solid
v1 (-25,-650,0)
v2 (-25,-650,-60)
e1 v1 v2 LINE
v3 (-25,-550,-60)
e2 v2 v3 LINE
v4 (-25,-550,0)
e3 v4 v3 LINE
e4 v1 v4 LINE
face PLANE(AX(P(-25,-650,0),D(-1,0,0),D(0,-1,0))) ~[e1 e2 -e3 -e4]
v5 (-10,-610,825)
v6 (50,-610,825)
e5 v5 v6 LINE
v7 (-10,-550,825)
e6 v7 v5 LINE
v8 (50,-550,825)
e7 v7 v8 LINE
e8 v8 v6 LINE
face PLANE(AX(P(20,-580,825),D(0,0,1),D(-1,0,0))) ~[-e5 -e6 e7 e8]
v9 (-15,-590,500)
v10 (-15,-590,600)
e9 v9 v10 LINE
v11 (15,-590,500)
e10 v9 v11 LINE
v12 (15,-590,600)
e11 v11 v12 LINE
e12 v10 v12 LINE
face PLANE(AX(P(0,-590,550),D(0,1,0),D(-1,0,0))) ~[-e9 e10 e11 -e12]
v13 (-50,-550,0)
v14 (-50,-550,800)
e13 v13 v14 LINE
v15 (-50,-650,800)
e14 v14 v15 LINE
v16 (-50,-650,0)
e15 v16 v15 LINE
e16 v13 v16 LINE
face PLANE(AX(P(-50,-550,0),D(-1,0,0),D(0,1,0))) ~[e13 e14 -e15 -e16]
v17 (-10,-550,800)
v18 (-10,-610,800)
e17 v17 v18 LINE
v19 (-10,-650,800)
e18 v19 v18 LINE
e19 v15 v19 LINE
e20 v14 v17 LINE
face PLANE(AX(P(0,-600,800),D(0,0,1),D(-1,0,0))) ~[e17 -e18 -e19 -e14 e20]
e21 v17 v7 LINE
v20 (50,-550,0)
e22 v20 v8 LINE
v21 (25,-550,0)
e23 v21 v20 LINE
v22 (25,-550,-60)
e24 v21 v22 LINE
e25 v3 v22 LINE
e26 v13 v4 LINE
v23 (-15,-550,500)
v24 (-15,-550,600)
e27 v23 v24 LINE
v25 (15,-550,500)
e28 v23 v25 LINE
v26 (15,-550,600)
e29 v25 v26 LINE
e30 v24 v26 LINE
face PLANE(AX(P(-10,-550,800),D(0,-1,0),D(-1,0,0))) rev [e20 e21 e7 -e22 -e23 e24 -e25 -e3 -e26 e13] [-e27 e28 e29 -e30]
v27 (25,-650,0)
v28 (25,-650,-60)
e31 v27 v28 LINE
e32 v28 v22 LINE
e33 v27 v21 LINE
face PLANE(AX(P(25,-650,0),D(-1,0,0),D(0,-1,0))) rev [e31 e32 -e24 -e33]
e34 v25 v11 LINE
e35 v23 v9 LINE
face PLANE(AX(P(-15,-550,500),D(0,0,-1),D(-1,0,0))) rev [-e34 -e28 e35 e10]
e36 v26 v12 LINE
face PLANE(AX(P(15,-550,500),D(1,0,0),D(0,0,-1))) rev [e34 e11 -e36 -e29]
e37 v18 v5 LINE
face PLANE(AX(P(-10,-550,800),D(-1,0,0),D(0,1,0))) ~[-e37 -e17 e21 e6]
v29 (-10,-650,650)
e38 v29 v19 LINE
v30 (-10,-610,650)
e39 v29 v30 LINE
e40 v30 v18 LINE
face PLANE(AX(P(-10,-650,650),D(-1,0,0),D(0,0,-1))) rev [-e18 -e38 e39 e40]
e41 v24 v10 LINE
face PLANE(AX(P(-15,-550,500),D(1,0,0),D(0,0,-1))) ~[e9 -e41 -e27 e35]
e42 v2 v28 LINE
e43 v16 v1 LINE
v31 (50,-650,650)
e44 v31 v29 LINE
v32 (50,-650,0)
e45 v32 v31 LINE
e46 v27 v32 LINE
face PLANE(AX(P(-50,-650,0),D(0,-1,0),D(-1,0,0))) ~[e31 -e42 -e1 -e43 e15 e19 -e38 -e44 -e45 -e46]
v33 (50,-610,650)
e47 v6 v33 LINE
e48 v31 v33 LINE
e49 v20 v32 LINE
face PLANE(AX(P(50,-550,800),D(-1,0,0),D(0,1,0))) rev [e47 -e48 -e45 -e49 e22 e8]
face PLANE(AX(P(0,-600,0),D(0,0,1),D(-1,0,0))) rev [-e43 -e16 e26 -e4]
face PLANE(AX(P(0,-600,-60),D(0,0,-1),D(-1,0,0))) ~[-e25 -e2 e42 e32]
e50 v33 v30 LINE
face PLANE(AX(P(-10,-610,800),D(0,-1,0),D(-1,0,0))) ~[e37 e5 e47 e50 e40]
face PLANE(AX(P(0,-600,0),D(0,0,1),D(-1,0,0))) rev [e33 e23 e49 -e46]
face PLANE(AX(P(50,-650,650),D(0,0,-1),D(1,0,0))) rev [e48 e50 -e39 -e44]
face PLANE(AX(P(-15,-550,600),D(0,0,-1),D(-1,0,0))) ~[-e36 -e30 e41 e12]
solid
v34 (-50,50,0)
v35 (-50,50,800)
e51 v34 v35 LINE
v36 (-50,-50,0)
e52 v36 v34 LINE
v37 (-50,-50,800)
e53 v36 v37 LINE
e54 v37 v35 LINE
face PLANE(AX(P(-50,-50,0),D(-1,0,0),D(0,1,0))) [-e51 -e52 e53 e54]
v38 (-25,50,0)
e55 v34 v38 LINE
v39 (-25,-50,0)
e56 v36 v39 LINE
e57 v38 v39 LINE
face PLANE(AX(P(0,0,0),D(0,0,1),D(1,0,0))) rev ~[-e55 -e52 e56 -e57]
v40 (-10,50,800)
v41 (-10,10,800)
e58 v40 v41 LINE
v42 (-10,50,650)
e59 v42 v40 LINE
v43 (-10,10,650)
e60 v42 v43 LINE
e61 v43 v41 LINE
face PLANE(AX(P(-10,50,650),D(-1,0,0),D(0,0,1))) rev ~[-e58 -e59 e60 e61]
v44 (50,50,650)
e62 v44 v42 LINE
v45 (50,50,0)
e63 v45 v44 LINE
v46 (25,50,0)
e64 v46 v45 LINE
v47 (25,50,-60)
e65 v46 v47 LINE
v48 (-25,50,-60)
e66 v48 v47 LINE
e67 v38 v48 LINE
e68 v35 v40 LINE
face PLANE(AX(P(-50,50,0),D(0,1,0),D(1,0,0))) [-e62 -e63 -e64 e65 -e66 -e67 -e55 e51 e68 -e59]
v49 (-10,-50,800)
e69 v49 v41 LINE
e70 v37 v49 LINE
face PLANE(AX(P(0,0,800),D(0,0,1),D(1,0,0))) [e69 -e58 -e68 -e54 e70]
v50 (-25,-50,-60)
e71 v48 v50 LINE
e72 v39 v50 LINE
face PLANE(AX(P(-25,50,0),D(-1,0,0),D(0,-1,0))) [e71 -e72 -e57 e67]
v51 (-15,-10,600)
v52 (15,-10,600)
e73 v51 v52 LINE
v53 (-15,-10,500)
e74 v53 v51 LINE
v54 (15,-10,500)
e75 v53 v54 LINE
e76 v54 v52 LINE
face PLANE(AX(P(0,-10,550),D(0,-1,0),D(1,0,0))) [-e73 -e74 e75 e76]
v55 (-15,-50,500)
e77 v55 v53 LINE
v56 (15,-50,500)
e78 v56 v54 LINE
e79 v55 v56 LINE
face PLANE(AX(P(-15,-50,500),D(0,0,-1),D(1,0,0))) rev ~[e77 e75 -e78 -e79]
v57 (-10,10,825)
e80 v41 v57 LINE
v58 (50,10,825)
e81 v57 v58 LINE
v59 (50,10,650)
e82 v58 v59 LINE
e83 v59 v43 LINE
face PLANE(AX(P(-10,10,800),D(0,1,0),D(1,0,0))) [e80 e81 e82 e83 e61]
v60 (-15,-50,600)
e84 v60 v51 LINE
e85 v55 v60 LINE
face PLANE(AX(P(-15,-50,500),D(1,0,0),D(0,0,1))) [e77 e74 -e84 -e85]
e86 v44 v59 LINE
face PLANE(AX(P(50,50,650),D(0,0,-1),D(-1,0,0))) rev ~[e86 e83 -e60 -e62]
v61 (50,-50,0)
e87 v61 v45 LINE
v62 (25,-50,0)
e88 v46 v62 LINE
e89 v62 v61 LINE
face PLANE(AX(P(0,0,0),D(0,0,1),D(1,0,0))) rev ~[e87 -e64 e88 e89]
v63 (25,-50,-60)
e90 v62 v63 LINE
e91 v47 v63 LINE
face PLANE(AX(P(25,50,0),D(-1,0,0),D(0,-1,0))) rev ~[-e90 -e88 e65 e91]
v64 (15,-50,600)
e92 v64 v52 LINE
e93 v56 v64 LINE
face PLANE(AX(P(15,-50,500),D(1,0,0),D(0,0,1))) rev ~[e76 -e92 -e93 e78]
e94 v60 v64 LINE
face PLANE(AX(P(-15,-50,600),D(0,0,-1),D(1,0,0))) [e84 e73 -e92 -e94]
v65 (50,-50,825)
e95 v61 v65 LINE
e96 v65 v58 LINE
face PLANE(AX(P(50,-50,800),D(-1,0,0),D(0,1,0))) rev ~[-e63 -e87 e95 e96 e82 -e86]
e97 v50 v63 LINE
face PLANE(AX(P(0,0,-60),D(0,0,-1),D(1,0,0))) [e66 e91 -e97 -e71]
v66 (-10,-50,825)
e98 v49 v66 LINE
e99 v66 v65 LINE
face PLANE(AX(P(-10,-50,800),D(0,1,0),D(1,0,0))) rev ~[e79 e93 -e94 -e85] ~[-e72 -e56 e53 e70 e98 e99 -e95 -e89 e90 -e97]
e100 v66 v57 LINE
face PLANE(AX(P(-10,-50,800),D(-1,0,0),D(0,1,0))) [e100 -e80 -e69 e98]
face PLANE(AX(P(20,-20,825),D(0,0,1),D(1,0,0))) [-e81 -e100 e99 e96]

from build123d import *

# Parameters (mm, degrees)
F3_W      = 100
F3_H      = 100
F4_DEPTH  = 800
F5_W      = 50
F5_H      = 100
F6_DEPTH  = 60
F7_W      = 30
F7_H      = 100
F8_DEPTH  = 40
F9_W      = 60
F9_H      = 150
F10_DEPTH = 40
F11_W     = 60
F11_H     = 60
F12_DEPTH = 25


with BuildPart() as f4:
    # F3 (on Top) → F4 (new body)
    with BuildSketch(Plane.XY):
        Rectangle(F3_W, F3_H)
    extrude(amount=F4_DEPTH)

    # F5 (on face) → F6 (join)
    with BuildSketch(Plane(origin=(0, 0, 0), x_dir=(1, 0, 0), z_dir=(0, 0, -1))):
        Rectangle(F5_W, F5_H)
    extrude(amount=F6_DEPTH)

    # F7 (on face) → F8 (cut)
    with BuildSketch(Plane.XZ.offset(50)):
        with Locations((0, 550)):
            Rectangle(F7_W, F7_H)
    extrude(amount=-F8_DEPTH, mode=Mode.SUBTRACT)

    # F9 (on face) → F10 (cut)
    with BuildSketch(Plane(origin=(0, 50, 0), x_dir=(-1, 0, 0), z_dir=(0, 1, 0))):
        with Locations((-20, 725)):
            Rectangle(F9_W, F9_H)
    extrude(amount=-F10_DEPTH, mode=Mode.SUBTRACT)

    # F11 (on face) → F12 (join)
    with BuildSketch(Plane.XY.offset(800)):
        with Locations((20, -20)):
            Rectangle(F11_W, F11_H)
    extrude(amount=F12_DEPTH)


with BuildPart() as f14_1:
    # F14: instance of F4
    add(f4.part.mirror(Plane.XZ.offset(300)))


solid = Compound([f4.part, f14_1.part])
